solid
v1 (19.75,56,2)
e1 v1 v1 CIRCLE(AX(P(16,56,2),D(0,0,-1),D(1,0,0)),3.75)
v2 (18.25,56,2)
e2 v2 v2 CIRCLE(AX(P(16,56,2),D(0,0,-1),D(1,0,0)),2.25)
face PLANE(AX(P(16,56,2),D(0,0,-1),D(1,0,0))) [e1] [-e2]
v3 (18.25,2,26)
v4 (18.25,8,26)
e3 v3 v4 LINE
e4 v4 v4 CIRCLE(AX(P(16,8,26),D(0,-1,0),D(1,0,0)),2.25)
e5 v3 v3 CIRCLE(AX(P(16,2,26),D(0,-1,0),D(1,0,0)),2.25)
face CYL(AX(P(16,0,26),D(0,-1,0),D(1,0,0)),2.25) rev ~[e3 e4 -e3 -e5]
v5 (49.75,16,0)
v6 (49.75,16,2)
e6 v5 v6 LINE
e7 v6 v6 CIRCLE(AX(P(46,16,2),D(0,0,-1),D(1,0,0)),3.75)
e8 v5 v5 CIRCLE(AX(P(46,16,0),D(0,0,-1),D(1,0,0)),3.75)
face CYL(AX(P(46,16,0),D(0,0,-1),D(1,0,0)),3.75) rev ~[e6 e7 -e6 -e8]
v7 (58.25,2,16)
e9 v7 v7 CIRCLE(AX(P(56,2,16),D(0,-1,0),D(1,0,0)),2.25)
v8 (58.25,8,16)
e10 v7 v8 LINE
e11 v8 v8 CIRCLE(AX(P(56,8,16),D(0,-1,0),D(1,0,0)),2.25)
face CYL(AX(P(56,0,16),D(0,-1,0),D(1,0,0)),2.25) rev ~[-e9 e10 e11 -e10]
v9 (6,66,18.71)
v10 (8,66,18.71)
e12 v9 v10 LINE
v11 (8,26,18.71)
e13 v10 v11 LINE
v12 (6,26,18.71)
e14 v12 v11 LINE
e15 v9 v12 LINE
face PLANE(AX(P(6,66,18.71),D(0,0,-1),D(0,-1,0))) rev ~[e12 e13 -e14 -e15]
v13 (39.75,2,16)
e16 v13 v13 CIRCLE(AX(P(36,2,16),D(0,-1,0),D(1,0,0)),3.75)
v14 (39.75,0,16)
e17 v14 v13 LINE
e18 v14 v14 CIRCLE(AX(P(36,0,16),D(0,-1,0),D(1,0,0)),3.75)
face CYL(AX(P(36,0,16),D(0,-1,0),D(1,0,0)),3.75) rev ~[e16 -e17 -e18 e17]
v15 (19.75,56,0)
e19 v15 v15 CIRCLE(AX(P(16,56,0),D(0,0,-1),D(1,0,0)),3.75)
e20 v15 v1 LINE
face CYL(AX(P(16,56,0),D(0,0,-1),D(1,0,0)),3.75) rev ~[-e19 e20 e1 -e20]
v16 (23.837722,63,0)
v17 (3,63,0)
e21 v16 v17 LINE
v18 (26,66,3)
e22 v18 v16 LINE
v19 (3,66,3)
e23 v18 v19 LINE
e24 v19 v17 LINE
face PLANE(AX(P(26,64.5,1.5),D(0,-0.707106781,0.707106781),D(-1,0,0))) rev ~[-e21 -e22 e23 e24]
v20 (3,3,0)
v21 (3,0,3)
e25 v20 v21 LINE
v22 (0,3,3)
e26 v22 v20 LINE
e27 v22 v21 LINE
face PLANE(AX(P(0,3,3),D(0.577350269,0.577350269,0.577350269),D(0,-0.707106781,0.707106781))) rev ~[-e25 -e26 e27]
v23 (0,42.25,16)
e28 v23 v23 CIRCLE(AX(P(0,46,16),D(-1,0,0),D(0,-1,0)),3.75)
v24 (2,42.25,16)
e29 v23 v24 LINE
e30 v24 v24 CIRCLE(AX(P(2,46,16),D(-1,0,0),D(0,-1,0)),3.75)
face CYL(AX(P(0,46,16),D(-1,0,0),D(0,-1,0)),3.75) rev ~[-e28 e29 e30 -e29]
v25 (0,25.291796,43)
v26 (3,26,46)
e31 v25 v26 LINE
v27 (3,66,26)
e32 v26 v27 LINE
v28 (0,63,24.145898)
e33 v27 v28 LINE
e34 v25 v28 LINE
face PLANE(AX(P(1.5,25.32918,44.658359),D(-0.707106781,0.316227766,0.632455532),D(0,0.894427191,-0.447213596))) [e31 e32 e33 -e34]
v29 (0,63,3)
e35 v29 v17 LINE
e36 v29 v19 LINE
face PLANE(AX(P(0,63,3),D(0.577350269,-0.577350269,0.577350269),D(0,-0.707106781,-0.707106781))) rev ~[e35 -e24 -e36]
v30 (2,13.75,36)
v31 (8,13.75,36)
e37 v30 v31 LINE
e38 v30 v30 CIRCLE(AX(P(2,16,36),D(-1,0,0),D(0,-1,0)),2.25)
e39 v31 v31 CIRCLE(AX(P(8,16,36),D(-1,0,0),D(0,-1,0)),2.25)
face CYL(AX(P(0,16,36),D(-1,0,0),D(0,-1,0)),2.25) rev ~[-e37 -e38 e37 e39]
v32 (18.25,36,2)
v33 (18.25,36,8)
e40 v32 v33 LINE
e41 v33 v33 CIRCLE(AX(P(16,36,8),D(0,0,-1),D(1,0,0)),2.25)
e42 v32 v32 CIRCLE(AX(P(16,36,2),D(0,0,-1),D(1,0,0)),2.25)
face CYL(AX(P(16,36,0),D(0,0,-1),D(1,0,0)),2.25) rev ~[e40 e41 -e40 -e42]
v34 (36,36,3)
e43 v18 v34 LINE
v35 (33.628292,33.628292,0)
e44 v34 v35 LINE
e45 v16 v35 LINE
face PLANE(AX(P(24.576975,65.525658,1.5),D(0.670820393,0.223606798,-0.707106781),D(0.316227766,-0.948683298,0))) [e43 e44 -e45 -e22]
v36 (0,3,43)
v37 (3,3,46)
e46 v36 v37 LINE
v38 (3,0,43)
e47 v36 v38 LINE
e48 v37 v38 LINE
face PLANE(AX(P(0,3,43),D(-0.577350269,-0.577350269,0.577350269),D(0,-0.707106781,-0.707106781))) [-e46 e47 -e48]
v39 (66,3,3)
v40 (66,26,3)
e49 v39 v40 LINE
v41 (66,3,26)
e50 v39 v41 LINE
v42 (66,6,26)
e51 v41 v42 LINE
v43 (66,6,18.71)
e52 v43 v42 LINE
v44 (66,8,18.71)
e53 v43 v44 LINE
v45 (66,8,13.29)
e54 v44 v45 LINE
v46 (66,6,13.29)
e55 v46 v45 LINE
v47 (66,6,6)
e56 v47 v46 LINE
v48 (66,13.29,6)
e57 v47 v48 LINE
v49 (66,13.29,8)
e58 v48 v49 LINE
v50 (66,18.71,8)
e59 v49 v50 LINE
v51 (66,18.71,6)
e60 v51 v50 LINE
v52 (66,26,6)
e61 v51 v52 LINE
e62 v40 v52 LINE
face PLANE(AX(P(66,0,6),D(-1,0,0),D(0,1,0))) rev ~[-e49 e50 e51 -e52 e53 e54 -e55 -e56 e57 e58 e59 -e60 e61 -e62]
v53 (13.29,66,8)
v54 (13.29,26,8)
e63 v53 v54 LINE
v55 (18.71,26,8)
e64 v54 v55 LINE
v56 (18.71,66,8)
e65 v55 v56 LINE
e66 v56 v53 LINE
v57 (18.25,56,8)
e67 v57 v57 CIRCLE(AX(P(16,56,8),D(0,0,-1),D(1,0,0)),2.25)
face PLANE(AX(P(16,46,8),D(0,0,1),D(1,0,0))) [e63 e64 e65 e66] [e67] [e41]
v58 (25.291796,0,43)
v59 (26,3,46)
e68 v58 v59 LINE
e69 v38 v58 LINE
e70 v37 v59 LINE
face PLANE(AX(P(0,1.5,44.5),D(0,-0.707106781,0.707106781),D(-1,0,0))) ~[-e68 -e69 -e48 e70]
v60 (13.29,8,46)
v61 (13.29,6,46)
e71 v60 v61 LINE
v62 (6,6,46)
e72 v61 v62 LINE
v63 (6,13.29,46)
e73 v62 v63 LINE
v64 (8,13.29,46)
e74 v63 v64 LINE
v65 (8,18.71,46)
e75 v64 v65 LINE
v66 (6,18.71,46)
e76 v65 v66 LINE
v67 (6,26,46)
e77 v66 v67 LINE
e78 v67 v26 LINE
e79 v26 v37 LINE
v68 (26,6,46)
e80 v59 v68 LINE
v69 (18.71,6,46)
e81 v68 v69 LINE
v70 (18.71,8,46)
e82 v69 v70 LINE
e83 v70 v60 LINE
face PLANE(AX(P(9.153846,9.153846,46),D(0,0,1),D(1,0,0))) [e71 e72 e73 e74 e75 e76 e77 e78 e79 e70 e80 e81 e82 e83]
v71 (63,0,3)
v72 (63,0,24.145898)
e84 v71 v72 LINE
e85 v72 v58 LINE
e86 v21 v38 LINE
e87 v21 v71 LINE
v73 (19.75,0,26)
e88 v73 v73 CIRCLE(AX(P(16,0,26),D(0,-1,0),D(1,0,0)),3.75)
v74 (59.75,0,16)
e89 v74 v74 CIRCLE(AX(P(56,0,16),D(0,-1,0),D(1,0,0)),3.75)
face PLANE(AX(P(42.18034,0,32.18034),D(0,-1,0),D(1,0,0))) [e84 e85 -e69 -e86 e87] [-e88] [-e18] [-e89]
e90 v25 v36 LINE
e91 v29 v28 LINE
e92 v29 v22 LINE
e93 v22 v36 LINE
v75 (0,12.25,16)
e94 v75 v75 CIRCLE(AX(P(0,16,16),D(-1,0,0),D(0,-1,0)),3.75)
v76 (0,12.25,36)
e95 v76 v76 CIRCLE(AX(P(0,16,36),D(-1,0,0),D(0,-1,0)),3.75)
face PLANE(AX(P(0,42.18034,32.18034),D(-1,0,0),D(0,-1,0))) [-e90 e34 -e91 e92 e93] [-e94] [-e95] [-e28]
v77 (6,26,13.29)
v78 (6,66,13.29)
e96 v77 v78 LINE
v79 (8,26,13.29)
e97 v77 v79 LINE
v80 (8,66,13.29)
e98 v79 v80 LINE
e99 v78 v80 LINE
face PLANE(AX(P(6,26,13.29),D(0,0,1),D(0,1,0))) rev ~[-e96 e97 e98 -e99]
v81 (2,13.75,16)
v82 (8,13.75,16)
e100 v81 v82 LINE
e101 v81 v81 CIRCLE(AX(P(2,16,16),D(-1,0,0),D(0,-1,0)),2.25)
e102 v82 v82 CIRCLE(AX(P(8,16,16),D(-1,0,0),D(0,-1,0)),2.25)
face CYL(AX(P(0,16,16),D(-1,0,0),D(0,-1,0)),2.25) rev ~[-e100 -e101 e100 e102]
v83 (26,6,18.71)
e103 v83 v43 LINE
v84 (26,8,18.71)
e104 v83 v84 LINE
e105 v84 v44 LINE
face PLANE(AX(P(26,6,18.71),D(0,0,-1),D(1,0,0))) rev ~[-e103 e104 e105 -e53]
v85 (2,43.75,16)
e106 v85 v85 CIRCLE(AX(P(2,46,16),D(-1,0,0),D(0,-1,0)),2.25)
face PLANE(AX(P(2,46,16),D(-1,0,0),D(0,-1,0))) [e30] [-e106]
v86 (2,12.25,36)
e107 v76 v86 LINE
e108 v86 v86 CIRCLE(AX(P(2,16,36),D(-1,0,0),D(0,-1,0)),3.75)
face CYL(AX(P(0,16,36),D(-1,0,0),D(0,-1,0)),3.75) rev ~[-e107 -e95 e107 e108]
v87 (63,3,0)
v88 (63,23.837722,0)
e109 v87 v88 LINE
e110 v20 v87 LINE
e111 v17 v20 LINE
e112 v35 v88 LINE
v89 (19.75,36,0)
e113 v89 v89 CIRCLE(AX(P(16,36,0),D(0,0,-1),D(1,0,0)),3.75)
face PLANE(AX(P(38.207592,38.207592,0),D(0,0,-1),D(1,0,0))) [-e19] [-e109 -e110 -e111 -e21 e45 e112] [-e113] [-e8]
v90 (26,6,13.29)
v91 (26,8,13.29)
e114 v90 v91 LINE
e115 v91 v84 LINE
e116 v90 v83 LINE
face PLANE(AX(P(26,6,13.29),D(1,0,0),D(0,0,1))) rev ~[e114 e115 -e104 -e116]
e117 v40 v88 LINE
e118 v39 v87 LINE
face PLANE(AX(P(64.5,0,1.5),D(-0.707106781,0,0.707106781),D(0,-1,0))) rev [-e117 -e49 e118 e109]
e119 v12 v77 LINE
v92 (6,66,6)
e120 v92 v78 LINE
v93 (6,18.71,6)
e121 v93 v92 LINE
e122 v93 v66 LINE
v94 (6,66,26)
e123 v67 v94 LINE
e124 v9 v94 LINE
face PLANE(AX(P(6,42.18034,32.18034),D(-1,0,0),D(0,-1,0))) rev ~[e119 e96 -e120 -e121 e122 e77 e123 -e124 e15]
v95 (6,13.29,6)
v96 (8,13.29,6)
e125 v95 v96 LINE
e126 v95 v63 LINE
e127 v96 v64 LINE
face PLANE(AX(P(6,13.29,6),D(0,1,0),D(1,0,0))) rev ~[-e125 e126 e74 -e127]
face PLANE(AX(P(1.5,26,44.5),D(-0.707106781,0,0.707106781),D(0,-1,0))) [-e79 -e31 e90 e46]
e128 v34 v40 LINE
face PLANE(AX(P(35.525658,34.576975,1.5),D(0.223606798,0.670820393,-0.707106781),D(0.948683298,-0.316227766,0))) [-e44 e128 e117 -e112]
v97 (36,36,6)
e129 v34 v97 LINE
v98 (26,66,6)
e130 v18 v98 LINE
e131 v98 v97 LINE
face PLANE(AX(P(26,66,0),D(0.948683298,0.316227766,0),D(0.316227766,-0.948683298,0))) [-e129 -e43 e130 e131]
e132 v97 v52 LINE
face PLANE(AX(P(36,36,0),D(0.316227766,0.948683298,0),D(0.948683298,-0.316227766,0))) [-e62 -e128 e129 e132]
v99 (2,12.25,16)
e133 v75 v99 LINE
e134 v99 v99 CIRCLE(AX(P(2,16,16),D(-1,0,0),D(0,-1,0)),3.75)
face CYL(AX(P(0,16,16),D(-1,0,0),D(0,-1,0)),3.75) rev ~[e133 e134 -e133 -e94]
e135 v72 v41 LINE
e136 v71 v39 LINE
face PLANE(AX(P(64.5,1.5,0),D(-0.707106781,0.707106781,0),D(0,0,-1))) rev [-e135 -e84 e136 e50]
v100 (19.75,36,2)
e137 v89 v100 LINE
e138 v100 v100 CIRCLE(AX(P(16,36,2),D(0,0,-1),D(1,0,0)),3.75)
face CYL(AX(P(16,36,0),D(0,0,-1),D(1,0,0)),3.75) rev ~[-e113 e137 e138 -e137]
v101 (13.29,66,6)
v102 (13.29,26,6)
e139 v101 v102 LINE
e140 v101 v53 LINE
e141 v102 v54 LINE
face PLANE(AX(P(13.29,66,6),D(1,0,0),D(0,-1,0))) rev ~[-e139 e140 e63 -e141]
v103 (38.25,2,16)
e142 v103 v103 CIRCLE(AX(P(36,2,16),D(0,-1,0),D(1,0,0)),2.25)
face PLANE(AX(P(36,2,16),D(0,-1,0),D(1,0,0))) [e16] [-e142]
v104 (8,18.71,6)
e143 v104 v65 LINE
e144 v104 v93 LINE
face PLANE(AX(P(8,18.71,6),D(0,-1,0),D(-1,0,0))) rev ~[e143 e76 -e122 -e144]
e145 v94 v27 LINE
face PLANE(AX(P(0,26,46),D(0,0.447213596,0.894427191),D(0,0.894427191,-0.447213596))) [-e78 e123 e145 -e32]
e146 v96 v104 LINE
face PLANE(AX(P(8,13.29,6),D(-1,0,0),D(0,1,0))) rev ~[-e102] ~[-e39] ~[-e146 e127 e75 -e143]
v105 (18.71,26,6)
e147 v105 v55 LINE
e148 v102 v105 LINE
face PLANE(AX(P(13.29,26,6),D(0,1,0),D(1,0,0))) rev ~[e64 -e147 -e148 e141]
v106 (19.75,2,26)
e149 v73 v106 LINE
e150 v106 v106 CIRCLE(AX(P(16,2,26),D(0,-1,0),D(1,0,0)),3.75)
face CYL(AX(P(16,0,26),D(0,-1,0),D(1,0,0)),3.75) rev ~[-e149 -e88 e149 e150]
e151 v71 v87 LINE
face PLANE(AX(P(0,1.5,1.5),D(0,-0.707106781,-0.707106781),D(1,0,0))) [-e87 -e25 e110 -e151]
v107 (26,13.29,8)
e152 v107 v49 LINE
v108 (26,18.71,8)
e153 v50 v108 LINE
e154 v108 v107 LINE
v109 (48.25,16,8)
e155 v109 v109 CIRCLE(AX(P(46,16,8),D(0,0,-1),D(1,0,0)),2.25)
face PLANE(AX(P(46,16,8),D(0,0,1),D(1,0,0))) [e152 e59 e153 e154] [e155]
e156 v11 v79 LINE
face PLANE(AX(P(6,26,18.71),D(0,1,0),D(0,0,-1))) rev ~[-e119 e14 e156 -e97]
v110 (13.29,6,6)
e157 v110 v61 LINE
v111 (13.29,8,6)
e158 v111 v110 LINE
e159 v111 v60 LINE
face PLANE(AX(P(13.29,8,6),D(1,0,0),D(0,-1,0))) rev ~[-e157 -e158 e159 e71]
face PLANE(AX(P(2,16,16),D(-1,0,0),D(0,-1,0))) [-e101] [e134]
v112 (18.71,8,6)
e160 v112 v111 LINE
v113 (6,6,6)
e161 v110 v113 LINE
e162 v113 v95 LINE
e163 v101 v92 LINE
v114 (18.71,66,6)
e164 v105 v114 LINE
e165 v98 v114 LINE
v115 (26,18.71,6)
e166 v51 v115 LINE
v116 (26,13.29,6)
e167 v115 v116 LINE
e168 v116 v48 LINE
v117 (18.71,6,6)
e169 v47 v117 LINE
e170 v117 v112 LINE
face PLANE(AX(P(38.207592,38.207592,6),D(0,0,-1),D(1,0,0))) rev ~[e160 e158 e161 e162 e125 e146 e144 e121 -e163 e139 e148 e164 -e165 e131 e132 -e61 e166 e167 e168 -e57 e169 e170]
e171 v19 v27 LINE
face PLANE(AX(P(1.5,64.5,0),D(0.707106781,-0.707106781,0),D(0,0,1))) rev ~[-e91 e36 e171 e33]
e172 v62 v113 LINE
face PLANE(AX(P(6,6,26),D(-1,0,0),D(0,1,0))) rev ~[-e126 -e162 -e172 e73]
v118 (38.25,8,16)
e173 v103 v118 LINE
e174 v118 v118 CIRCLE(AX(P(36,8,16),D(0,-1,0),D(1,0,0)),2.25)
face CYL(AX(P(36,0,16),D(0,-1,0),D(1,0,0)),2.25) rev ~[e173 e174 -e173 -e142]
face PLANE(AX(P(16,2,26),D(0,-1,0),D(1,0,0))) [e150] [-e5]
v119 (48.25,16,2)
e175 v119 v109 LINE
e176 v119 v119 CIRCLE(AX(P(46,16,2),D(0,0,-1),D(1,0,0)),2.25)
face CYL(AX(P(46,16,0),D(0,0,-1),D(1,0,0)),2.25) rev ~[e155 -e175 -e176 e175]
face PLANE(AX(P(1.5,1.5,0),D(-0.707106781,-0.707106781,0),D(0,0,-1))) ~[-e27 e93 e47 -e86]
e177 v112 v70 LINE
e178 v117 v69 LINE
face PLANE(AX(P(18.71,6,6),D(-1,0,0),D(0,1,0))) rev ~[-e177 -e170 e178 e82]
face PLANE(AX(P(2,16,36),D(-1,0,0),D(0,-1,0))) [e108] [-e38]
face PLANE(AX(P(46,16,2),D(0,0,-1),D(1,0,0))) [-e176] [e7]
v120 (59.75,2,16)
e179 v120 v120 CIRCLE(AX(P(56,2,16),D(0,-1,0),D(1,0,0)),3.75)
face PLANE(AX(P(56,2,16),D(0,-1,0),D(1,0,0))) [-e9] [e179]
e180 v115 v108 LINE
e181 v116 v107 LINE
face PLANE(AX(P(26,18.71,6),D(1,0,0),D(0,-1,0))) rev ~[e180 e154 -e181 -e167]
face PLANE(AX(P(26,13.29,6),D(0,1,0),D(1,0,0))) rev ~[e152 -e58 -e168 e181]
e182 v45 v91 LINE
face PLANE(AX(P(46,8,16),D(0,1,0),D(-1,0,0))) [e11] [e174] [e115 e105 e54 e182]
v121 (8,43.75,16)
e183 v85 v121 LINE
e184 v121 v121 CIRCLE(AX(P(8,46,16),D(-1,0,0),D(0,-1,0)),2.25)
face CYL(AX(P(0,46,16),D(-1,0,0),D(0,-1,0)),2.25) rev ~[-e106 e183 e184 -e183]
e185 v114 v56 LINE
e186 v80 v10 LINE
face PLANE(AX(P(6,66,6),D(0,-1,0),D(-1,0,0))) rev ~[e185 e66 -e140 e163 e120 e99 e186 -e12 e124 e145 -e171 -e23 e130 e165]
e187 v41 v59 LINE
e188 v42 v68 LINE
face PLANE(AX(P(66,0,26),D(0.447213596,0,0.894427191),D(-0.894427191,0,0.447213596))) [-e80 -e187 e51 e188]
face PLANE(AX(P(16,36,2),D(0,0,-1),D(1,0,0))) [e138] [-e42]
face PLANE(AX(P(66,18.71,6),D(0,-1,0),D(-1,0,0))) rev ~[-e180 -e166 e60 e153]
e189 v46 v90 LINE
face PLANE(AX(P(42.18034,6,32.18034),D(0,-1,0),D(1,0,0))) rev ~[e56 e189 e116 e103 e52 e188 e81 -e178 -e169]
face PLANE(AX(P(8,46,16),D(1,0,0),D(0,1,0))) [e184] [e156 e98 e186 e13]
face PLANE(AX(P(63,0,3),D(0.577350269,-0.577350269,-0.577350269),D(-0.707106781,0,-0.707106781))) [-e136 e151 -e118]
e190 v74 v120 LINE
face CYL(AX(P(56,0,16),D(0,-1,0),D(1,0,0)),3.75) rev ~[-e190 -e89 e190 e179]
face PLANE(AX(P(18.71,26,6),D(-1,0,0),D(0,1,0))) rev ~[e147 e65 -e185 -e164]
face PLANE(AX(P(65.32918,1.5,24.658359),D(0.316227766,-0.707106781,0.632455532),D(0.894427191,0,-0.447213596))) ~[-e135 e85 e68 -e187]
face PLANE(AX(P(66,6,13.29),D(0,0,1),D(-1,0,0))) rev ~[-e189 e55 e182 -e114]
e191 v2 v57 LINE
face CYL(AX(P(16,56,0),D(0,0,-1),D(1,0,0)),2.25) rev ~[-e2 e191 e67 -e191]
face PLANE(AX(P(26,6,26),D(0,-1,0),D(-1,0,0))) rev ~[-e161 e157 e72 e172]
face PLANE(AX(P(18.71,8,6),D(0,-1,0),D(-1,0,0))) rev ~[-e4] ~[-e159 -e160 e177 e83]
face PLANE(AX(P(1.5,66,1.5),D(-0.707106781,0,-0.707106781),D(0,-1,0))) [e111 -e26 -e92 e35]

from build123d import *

# Parameters (mm, degrees)
F1_DEPTH  = 6
F3_DEPTH  = 20
F5_DEPTH  = 20
F7_DEPTH  = 40
F9_DEPTH  = 2
F11_DEPTH = 2
F13_DEPTH = 2
F14_R     = 2.25
F15_DEPTH = 8
F16_R     = 2.25
F17_DEPTH = 8
F18_R     = 2.25
F19_DEPTH = 8
F20_R     = 3.75
F21_DEPTH = 2
F22_R     = 3.75
F23_DEPTH = 2
F24_R     = 3.75
F25_DEPTH = 2
F27_DEPTH = 6
F29_DEPTH = 6
F31_DEPTH = 6
F32_SIZE  = 3


with BuildPart() as f1:
    # F0 (on Top) → F1 (new body)
    with BuildSketch(Plane.XY):
        Polygon((0, 66), (0, 0), (66, 0), (66, 26), (26, 26), (26, 66), align=None)
    extrude(amount=F1_DEPTH)

    # F2 (on face) → F3 (join)
    with BuildSketch(Plane.XY.offset(6)):
        Polygon((6, 66), (0, 66), (0, 0), (66, 0), (66, 6), (6, 6), align=None)
    extrude(amount=F3_DEPTH)

    # F4 (on face) → F5 (join)
    with BuildSketch(Plane.XY.offset(26)):
        Polygon((6, 6), (6, 26), (0, 26), (0, 0), (26, 0), (26, 6), align=None)
    extrude(amount=F5_DEPTH)

    # F6 (on face) → F7 (join)
    with BuildSketch(Plane.XY.offset(6)):
        Polygon((13.29, 6), (16, 6), (18.71, 6), (18.71, 8), (13.29, 8), align=None)
        Polygon((6, 18.71), (6, 16), (6, 13.29), (8, 13.29), (8, 18.71), align=None)
    extrude(amount=F7_DEPTH)

    # F8 (on face) → F9 (join)
    with BuildSketch(Plane.XY.offset(6)):
        Polygon((66, 13.29), (66, 16), (66, 18.71), (26, 18.71), (26, 13.29), align=None)
        Polygon((18.71, 66), (16, 66), (13.29, 66), (13.29, 26), (18.71, 26), align=None)
    extrude(amount=F9_DEPTH)

    # F10 (on face) → F11 (join)
    with BuildSketch(Plane(origin=(0, 6, 0), x_dir=(-1, 0, 0), z_dir=(0, 1, 0))):
        Polygon((-66, 18.71), (-66, 16), (-66, 13.29), (-26, 13.29), (-26, 16), (-26, 18.71), align=None)
    extrude(amount=F11_DEPTH)

    # F12 (on face) → F13 (join)
    with BuildSketch(Plane.YZ.offset(6)):
        Polygon((66, 13.29), (66, 16), (66, 18.71), (26, 18.71), (26, 13.29), align=None)
    extrude(amount=F13_DEPTH)

    # F14 (on face) → F15 (cut, through all)
    with BuildSketch(Plane.XZ):
        with Locations((56, 16)):
            Circle(F14_R)
        with Locations((16, 26)):
            Circle(F14_R)
        with Locations((36, 16)):
            Circle(F14_R)
    extrude(amount=-F15_DEPTH, mode=Mode.SUBTRACT)

    # F16 (on face) → F17 (cut, through all)
    with BuildSketch(Plane(origin=(0, 0, 0), x_dir=(0, -1, 0), z_dir=(-1, 0, 0))):
        with Locations((-16, 36)):
            Circle(F16_R)
        with Locations((-46, 16)):
            Circle(F16_R)
        with Locations((-16, 16)):
            Circle(F16_R)
    extrude(amount=-F17_DEPTH, mode=Mode.SUBTRACT)

    # F18 (on face) → F19 (cut, through all)
    with BuildSketch(Plane(origin=(0, 0, 0), x_dir=(1, 0, 0), z_dir=(0, 0, -1))):
        with Locations((46, -16)):
            Circle(F18_R)
        with Locations((16, -56)):
            Circle(F18_R)
        with Locations((16, -36)):
            Circle(F18_R)
    extrude(amount=-F19_DEPTH, mode=Mode.SUBTRACT)

    # F20 (on face) → F21 (cut)
    with BuildSketch(Plane.XZ):
        with Locations((16, 26)):
            Circle(F20_R)
        with Locations((36, 16)):
            Circle(F20_R)
        with Locations((56, 16)):
            Circle(F20_R)
    extrude(amount=-F21_DEPTH, mode=Mode.SUBTRACT)

    # F22 (on face) → F23 (cut)
    with BuildSketch(Plane(origin=(0, 0, 0), x_dir=(0, -1, 0), z_dir=(-1, 0, 0))):
        with Locations((-16, 36)):
            Circle(F22_R)
        with Locations((-46, 16)):
            Circle(F22_R)
        with Locations((-16, 16)):
            Circle(F22_R)
    extrude(amount=-F23_DEPTH, mode=Mode.SUBTRACT)

    # F24 (on face) → F25 (cut)
    with BuildSketch(Plane(origin=(0, 0, 0), x_dir=(1, 0, 0), z_dir=(0, 0, -1))):
        with Locations((16, -56)):
            Circle(F24_R)
        with Locations((46, -16)):
            Circle(F24_R)
        with Locations((16, -36)):
            Circle(F24_R)
    extrude(amount=-F25_DEPTH, mode=Mode.SUBTRACT)

    # F26 (on face) → F27 (join)
    with BuildSketch(Plane.XZ):
        Polygon((66, 26), (26, 46), (26, 26), align=None)
    extrude(amount=-F27_DEPTH)

    # F28 (on face) → F29 (join)
    with BuildSketch(Plane(origin=(0, 0, 0), x_dir=(0, -1, 0), z_dir=(-1, 0, 0))):
        Polygon((-26, 46), (-66, 26), (-26, 26), align=None)
    extrude(amount=-F29_DEPTH)

    # F30 (on face) → F31 (join)
    with BuildSketch(Plane(origin=(0, 0, 0), x_dir=(1, 0, 0), z_dir=(0, 0, -1))):
        Polygon((26, -26), (26, -66), (36, -36), (66, -26), align=None)
    extrude(amount=-F31_DEPTH)

    # F32
    f32_edges = [f1.edges().sort_by_distance(p)[0] for p in [
        (46, 0, 36),
        (13, 0, 46),
        (0, 13, 46),
        (0, 46, 36),
        (31, 51, 0),
        (51, 31, 0),
        (13, 66, 0),
        (66, 13, 0),
        (66, 0, 13),
        (0, 66, 13),
        (33, 0, 0),
        (0, 33, 0),
        (0, 0, 23),
    ]]
    chamfer(f32_edges, length=F32_SIZE)


solid = f1.part
